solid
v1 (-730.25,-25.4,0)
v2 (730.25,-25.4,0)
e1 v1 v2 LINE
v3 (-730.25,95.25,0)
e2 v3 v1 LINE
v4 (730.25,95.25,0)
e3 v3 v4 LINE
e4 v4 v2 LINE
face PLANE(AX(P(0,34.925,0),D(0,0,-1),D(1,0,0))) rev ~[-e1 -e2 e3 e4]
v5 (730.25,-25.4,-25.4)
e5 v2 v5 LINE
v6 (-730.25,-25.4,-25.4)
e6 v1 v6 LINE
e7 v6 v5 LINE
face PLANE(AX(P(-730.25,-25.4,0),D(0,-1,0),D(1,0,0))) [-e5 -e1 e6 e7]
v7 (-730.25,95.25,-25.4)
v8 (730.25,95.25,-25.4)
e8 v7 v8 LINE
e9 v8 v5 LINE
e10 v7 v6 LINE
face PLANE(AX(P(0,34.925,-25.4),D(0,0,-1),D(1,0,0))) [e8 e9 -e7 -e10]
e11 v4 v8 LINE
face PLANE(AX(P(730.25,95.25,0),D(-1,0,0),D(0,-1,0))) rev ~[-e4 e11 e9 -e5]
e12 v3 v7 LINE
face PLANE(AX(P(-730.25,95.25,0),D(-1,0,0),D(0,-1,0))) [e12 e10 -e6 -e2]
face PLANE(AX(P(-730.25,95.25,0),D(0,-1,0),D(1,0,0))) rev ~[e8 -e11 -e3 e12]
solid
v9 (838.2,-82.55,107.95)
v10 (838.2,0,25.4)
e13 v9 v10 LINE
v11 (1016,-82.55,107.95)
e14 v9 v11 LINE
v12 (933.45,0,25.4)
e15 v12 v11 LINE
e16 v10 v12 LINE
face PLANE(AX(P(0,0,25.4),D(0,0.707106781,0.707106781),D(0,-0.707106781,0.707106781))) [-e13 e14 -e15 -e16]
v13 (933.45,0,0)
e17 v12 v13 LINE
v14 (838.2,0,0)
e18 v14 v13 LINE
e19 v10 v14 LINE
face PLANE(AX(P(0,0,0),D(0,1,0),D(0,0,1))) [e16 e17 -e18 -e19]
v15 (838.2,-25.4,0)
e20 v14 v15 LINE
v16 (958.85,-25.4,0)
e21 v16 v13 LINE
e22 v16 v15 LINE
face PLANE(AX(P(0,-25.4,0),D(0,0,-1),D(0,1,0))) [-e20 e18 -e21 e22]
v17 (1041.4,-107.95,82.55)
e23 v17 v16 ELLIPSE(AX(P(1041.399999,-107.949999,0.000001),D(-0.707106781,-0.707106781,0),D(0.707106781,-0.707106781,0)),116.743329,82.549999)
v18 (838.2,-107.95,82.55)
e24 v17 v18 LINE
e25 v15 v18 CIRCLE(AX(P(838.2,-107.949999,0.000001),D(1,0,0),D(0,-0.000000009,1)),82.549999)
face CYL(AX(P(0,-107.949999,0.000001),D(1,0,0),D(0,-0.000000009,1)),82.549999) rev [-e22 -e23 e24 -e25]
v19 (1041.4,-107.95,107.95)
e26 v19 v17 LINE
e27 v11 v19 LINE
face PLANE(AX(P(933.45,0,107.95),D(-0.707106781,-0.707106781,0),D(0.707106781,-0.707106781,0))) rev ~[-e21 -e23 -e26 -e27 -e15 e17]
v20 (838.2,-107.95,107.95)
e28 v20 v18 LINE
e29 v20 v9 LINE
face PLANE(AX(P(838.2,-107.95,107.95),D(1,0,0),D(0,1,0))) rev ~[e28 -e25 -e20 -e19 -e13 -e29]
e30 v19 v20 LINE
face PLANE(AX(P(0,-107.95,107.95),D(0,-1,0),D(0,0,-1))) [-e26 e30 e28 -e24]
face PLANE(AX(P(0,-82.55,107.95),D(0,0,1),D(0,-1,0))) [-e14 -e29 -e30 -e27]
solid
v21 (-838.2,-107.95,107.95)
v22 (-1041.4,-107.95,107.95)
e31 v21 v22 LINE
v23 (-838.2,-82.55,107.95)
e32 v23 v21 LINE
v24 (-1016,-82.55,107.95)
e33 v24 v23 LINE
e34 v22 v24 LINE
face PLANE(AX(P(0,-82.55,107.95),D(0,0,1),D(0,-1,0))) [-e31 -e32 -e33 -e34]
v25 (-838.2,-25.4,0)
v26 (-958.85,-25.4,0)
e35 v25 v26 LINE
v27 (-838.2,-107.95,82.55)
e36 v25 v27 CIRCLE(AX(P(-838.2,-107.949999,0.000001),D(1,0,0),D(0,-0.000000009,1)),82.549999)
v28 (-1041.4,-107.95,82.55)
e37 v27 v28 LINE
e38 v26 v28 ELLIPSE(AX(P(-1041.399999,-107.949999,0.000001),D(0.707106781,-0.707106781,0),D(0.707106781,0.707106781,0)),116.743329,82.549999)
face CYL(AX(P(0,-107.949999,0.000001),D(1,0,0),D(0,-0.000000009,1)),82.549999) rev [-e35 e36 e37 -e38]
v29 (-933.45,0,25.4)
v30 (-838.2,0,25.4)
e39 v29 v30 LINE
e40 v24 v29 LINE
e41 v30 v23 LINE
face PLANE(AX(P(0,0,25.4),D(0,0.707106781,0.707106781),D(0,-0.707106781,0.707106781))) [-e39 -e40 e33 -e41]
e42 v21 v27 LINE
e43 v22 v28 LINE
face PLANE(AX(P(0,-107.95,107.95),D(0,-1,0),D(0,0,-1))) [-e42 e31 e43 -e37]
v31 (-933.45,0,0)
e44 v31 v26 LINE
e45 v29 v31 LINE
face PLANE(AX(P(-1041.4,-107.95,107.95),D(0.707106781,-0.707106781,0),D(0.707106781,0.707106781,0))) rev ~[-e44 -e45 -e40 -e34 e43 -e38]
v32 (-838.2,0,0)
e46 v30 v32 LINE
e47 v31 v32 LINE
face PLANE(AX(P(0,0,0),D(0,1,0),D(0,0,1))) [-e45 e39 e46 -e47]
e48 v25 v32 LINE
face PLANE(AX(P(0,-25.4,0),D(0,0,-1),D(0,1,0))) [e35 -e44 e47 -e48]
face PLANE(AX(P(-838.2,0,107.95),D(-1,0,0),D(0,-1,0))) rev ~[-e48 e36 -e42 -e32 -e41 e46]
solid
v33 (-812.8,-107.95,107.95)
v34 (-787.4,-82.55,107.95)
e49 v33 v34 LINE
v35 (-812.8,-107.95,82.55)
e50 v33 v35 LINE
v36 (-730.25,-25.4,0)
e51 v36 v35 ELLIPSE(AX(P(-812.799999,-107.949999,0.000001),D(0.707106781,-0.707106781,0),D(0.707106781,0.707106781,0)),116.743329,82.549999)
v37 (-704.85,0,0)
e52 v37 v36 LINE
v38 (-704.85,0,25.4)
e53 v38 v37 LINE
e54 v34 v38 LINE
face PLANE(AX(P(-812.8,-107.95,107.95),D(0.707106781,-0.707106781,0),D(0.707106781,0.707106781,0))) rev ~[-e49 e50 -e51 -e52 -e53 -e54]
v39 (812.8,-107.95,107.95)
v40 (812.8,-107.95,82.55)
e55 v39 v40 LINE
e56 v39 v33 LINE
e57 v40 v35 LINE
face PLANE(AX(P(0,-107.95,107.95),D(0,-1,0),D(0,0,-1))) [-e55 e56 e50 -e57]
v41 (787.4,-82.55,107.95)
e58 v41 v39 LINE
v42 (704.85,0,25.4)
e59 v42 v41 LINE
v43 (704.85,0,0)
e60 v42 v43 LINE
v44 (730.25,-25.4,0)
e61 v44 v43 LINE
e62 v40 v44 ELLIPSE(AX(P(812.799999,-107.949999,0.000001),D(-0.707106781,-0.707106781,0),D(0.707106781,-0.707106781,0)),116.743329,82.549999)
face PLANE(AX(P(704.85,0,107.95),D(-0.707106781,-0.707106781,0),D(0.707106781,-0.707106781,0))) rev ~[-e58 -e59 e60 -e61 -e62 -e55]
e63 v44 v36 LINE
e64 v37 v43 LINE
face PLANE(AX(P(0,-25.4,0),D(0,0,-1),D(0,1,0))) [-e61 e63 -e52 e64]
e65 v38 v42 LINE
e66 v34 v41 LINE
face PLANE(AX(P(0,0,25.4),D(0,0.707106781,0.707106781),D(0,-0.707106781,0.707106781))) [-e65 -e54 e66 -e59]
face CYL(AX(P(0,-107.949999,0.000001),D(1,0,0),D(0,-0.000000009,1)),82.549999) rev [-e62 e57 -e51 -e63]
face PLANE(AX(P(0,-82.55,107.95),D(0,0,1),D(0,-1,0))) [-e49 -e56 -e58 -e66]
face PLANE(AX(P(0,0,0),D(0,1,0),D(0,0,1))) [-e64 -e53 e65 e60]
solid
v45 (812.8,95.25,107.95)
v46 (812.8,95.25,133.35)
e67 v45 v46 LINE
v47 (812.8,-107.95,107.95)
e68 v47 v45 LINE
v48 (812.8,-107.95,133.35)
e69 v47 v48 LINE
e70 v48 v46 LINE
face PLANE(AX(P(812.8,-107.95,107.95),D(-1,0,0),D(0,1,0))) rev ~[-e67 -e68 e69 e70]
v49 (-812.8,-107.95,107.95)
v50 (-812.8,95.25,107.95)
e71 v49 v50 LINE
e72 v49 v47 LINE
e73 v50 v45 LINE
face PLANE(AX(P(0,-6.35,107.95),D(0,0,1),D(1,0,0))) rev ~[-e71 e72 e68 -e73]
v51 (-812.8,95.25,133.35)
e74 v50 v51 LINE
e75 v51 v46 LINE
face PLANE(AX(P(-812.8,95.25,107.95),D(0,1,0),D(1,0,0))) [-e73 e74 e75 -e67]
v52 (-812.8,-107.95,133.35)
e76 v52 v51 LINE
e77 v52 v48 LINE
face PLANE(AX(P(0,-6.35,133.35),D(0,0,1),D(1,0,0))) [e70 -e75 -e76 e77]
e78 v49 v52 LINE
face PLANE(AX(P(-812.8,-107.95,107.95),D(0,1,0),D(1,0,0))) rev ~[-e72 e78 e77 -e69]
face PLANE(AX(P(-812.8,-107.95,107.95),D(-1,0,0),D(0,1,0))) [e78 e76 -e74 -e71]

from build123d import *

# Parameters (mm, degrees)
F1_DEPTH = 1041.4
F3_DEPTH = 107.951
F4_W     = 1460.5
F4_H     = 120.65
F5_DEPTH = 25.4
F6_W     = 1625.6
F6_H     = 203.2
F7_DEPTH = 25.4


with BuildPart() as f1:
    # F0 (on Right) → F1 (new body, symmetric)
    with BuildSketch(Plane.YZ):
        with BuildLine():
            Line((-25.4, 0), (0, 0))
            Line((0, 0), (0, 25.4))
            Line((0, 25.4), (-82.55, 107.95))
            Line((-82.55, 107.95), (-107.95, 107.95))
            Line((-107.95, 107.95), (-107.95, 82.55))
            ThreePointArc((-107.95, 82.55), (-49.578335, 58.371665), (-25.4, 0))
        make_face()
    extrude(amount=F1_DEPTH, both=True)

    # F2 (on face) → F3 (cut, through all)
    with BuildSketch(Plane.XY.offset(107.95)):
        Polygon((-1041.4, 0), (-1041.4, -107.95), (-933.45, 0), align=None)
        Polygon((933.45, 0), (1041.4, -107.95), (1041.4, 0), align=None)
        Polygon((-704.85, 0), (-838.2, 0), (-838.2, -107.95), (-812.8, -107.95), align=None)
        Polygon((838.2, -107.95), (838.2, 0), (704.85, 0), (812.8, -107.95), align=None)
    extrude(amount=-F3_DEPTH, mode=Mode.SUBTRACT)


with BuildPart() as f5:
    # F4 (on face) → F5 (new body)
    with BuildSketch(Plane(origin=(0, 0, 0), x_dir=(1, 0, 0), z_dir=(0, 0, -1))):
        with Locations((0, -34.925)):
            Rectangle(F4_W, F4_H)
    extrude(amount=F5_DEPTH)


with BuildPart() as f7:
    # F6 (on face) → F7 (new body)
    with BuildSketch(Plane.XY.offset(107.95)):
        with Locations((0, -6.35)):
            Rectangle(F6_W, F6_H)
    extrude(amount=F7_DEPTH)


solid = Compound([f1.part, f5.part, f7.part])
